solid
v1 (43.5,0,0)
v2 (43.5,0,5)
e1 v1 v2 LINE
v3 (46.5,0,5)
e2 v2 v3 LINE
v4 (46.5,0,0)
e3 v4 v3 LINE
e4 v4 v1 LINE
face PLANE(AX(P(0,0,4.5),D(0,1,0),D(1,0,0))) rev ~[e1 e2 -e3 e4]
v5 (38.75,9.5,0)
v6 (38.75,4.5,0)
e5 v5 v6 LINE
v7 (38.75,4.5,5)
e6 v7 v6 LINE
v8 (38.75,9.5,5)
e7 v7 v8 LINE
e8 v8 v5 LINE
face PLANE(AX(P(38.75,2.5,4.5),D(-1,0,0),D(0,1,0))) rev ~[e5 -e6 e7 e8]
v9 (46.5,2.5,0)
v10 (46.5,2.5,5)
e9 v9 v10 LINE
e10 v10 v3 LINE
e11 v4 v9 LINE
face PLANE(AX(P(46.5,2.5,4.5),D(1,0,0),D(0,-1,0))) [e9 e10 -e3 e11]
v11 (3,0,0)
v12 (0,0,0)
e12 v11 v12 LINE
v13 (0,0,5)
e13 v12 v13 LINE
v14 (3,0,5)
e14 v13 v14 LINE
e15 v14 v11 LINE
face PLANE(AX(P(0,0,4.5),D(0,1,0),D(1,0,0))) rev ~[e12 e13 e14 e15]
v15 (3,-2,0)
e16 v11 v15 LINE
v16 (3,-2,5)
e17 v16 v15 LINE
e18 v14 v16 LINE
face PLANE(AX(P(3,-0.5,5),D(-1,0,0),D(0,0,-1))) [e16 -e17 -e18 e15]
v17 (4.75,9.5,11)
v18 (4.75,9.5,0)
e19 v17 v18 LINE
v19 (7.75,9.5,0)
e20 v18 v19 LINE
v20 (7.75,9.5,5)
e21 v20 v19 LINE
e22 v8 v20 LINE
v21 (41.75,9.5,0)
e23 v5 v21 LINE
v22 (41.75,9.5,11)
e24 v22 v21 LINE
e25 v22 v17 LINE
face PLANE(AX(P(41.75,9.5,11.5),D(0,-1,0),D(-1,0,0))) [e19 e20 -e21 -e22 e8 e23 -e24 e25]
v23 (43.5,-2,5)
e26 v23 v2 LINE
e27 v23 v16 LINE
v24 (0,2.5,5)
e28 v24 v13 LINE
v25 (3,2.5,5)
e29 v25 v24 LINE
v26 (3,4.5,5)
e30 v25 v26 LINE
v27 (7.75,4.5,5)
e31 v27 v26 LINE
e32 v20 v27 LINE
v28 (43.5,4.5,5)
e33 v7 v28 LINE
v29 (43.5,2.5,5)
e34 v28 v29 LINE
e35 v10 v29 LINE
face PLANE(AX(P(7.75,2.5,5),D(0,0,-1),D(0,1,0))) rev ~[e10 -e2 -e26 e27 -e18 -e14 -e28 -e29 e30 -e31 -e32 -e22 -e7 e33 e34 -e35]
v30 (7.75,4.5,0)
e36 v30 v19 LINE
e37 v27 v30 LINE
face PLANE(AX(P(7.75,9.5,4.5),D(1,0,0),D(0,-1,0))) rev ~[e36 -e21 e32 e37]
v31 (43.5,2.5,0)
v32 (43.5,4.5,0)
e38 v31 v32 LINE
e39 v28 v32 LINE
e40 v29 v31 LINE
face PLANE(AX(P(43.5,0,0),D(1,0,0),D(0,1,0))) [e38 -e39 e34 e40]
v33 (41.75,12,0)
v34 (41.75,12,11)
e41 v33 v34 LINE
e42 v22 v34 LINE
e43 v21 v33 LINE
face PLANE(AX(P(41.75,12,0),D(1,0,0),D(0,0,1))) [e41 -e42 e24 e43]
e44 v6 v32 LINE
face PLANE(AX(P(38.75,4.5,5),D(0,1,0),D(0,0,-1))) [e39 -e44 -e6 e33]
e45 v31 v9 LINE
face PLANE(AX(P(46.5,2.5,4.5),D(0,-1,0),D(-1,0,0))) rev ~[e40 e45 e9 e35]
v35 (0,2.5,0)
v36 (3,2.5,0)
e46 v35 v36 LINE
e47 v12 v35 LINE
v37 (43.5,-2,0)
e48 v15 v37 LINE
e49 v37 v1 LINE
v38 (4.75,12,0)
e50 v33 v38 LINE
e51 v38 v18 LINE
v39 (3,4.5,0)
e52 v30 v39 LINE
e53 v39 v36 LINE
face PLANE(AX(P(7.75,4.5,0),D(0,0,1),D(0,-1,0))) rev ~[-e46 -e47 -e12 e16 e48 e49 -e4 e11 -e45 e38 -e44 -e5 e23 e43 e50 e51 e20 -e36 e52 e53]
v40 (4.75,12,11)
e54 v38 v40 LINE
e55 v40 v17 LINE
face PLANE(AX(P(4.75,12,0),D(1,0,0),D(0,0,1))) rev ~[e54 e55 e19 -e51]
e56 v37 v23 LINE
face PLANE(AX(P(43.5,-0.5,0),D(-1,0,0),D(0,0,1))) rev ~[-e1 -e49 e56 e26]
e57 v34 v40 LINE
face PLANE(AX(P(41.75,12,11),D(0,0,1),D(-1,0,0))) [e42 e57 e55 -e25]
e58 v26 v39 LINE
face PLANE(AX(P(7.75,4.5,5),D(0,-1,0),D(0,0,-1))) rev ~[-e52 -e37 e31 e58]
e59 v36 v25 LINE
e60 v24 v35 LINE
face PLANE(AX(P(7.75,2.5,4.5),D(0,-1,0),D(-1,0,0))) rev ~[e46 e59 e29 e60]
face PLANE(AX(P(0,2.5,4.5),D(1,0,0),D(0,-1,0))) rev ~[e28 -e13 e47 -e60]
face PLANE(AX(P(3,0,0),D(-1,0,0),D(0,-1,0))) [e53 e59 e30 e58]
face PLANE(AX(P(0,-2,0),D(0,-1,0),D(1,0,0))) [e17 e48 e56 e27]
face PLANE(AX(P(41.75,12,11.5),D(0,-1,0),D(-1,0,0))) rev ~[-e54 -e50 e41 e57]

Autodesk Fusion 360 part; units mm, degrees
sketch "Sketch1" plane through (0, 0, 0) normal (0, 0, 1) x (1, 0, 0)
  line L0 (0, 0) -> (46.5, 0)
  line L1 (46.5, 0) -> (46.5, 15)
  line L2 (46.5, 15) -> (0, 15)
  line L3 (0, 15) -> (0, 0)
  dimension "d1" = 46.5
  dimension "d2" = 15
extrude "Extrude1" add sketch "Sketch1" along normal blind 11.5
sketch "Sketch2" plane through (0, 0, 11.5) normal (0, 0, 1) x (-1, 0, 0)
  line L0 (0, -15) -> (0, 0)
  line L1 (0, 0) -> (-46.5, 0)
  line L2 (-46.5, 0) -> (-46.5, -15)
  line L3 (-46.5, -15) -> (0, -15)
  line L4 (0, -15) -> (-4.75, -15)
  line L5 (-4.75, -15) -> (-4.75, -12.5)
  line L6 (-4.75, -12.5) -> (0, -12.5)
  line L7 (0, -12.5) -> (0, -15)
  dimension "d5" = 4.75
  dimension "d6" = 2.5
extrude "Extrude2" cut sketch "Sketch2" against normal blind 11.5 contours L0 L3 L4 L5 L6 L7
sketch "Sketch4" plane through (0, 0, 11.5) normal (0, 0, 1) x (-1, 0, 0)
  line L0 (-4.75, -12.5) -> (0, -12.5)
  line L1 (0, -12.5) -> (0, 0)
  line L2 (0, 0) -> (-46.5, 0)
  line L3 (-46.5, 0) -> (-46.5, -15)
  line L4 (-46.5, -15) -> (-4.75, -15)
  line L5 (-4.75, -15) -> (-4.75, -12.5)
  line L6 (-46.5, -15) -> (-41.75, -15)
  line L7 (-41.75, -15) -> (-41.75, -12.5)
  line L8 (-41.75, -12.5) -> (-46.5, -12.5)
  line L9 (-46.5, -12.5) -> (-46.5, -15)
  dimension "d11" = 4.75
  dimension "d12" = 2.5
extrude "Extrude3" cut sketch "Sketch4" against normal blind 11.5 contours L3 L4 L6 L7 L8 L9
sketch "Sketch5" plane through (0, 0, 11.5) normal (0, 0, 1) x (-1, 0, 0)
  line L0 (-41.75, -12.5) -> (-41.75, -15)
  line L1 (-41.75, -15) -> (-4.75, -15)
  line L2 (-4.75, -15) -> (-4.75, -12.5)
  line L3 (-4.75, -12.5) -> (0, -12.5)
  line L4 (0, -12.5) -> (0, 0)
  line L5 (0, 0) -> (-46.5, 0)
  line L6 (-46.5, 0) -> (-46.5, -12.5)
  line L7 (-46.5, -12.5) -> (-41.75, -12.5)
  line L8 (0, -12.5) -> (-4.75, -12.5)
  line L9 (-4.75, -12.5) -> (-4.75, -2.5)
  line L10 (-4.75, -2.5) -> (0, -2.5)
  line L11 (0, -2.5) -> (0, -12.5)
  dimension "d15" = 10
extrude "Extrude4" cut sketch "Sketch5" against normal blind 11.5 contours L3 L4 L8 L9 L10 L11
sketch "Sketch7" plane through (0, 0, 11.5) normal (0, 0, 1) x (-1, 0, 0)
  line L0 (-4.75, -2.5) -> (0, -2.5)
  line L1 (0, -2.5) -> (0, 0)
  line L2 (0, 0) -> (-46.5, 0)
  line L3 (-46.5, 0) -> (-46.5, -12.5)
  line L4 (-46.5, -12.5) -> (-41.75, -12.5)
  line L5 (-41.75, -12.5) -> (-41.75, -15)
  line L6 (-41.75, -15) -> (-4.75, -15)
  line L7 (-4.75, -15) -> (-4.75, -2.5)
  line L8 (-41.75, -12.5) -> (-46.5, -12.5)
  line L9 (-46.5, -12.5) -> (-46.5, -2.5)
  line L10 (-46.5, -2.5) -> (-41.75, -2.5)
  line L11 (-41.75, -2.5) -> (-41.75, -12.5)
  dimension "d18" = 10
extrude "Extrude5" cut sketch "Sketch7" against normal blind 11.5 contours L3 L4 L8 L9 L10 L11
sketch "Sketch8" plane through (0, 0, 11.5) normal (0, 0, 1) x (-1, 0, 0)
  line L0 (-41.75, -2.5) -> (-41.75, -15)
  line L1 (-41.75, -15) -> (-4.75, -15)
  line L2 (-4.75, -15) -> (-4.75, -2.5)
  line L3 (-4.75, -2.5) -> (0, -2.5)
  line L4 (0, -2.5) -> (0, 0)
  line L5 (0, 0) -> (-46.5, 0)
  line L6 (-46.5, 0) -> (-46.5, -2.5)
  line L7 (-46.5, -2.5) -> (-41.75, -2.5)
  line L8 (-4.75, -2.5) -> (-7.75, -2.5)
  line L9 (-7.75, -2.5) -> (-7.75, -12.5)
  line L10 (-7.75, -12.5) -> (-4.75, -12.5)
  line L11 (-4.75, -12.5) -> (-4.75, -2.5)
  dimension "d21" = 3
  dimension "d22" = 10
extrude "Extrude6" cut sketch "Sketch8" against normal blind 11.5 contours L2 L8 L9 L10 L11
sketch "Sketch9" plane through (0, 0, 11.5) normal (0, 0, 1) x (-1, 0, 0)
  line L0 (-4.75, -12.5) -> (-7.75, -12.5)
  line L1 (-7.75, -12.5) -> (-7.75, -2.5)
  line L2 (-7.75, -2.5) -> (0, -2.5)
  line L3 (0, -2.5) -> (0, 0)
  line L4 (0, 0) -> (-46.5, 0)
  line L5 (-46.5, 0) -> (-46.5, -2.5)
  line L6 (-46.5, -2.5) -> (-41.75, -2.5)
  line L7 (-41.75, -2.5) -> (-41.75, -15)
  line L8 (-41.75, -15) -> (-4.75, -15)
  line L9 (-4.75, -15) -> (-4.75, -12.5)
  line L10 (-41.75, -2.5) -> (-38.75, -2.5)
  line L11 (-38.75, -2.5) -> (-38.75, -12.5)
  line L12 (-38.75, -12.5) -> (-41.75, -12.5)
  line L13 (-41.75, -12.5) -> (-41.75, -2.5)
  dimension "d25" = 3
  dimension "d26" = 10
extrude "Extrude7" cut sketch "Sketch9" against normal blind 11.5 contours L7 L10 L11 L12 L13
sketch "Sketch10" plane through (0, 0, 11.5) normal (0, 0, 1) x (-1, 0, 0)
  line L0 (-46.5, -2.5) -> (-38.75, -2.5)
  line L1 (-38.75, -2.5) -> (-38.75, -12.5)
  line L2 (-38.75, -12.5) -> (-41.75, -12.5)
  line L3 (-41.75, -12.5) -> (-41.75, -15)
  line L4 (-41.75, -15) -> (-4.75, -15)
  line L5 (-4.75, -15) -> (-4.75, -12.5)
  line L6 (-4.75, -12.5) -> (-7.75, -12.5)
  line L7 (-7.75, -12.5) -> (-7.75, -2.5)
  line L8 (-7.75, -2.5) -> (0, -2.5)
  line L9 (0, -2.5) -> (0, 0)
  line L10 (0, 0) -> (-46.5, 0)
  line L11 (-46.5, 0) -> (-46.5, -2.5)
  line L12 (0, 0) -> (-46.5, 0)
  line L13 (-46.5, 0) -> (-46.5, -12.5)
  line L14 (-46.5, -12.5) -> (0, -12.5)
  line L15 (0, -12.5) -> (0, 0)
  dimension "d29" = 46.5
extrude "Extrude8" cut sketch "Sketch10" against normal blind 3.5 contours L0 L1 L7 L8 L9 L10 L11 L12 L13 L14 L15
sketch "Sketch11" plane through (0, 0, 0) normal (0, 0, -1) x (1, 0, 0)
  line L0 (38.75, -2.5) -> (46.5, -2.5)
  line L1 (46.5, -2.5) -> (46.5, 0)
  line L2 (46.5, 0) -> (0, 0)
  line L3 (0, 0) -> (0, -2.5)
  line L4 (0, -2.5) -> (7.75, -2.5)
  line L5 (7.75, -2.5) -> (7.75, -12.5)
  line L6 (7.75, -12.5) -> (4.75, -12.5)
  line L7 (4.75, -12.5) -> (4.75, -15)
  line L8 (4.75, -15) -> (41.75, -15)
  line L9 (41.75, -15) -> (41.75, -12.5)
  line L10 (41.75, -12.5) -> (38.75, -12.5)
  line L11 (38.75, -12.5) -> (38.75, -2.5)
  line L12 (0, 0) -> (46.5, 0)
  line L13 (46.5, 0) -> (46.5, -12.5)
  line L14 (46.5, -12.5) -> (0, -12.5)
  line L15 (0, -12.5) -> (0, 0)
  dimension "d32" = 46.5
  dimension "d33" = 12.5
extrude "Extrude9" cut sketch "Sketch11" against normal blind 3.5 contours L0 L1 L2 L3 L4 L5 L11 L12 L13 L14 L15
extrude "Extrude10" add 1 faces at (18.0833, 9.1667, 3.5) along direction (0, 0, -1) blind 3.5
extrude "Extrude11" cut 1 faces at (28.4167, 5.8333, 8) along direction (0, 0, -1) blind 3.5
extrude "Extrude12" add 1 faces at (18.0833, 12.5, 9.1667) along direction (0, -1, 0) blind 3
extrude "Extrude13" cut 1 faces at (29.4167, 15, 3.8333) along direction (0, -1, 0) blind 3
extrude "Extrude14" add 1 faces at (29.4167, 10.3333, 11.5) along direction (0, 0, 1) blind 1
extrude "Extrude15" add 1 faces at (17.0833, 12, 8.3333) along direction (0, 1, 0) blind 0.5
extrude "Extrude16" cut 1 faces at (17.0833, 11.5, 12.5) along direction (0, 0, -1) blind 0.5
extrude "Extrude17" add 1 faces at (31, 0, 3) along direction (0, -1, 0) blind 1
extrude "Extrude18" cut 1 faces at (31, -1, 3) along direction (0, 1, 0) blind 0.5
extrude "Extrude19" add 1 faces at (18.0833, 7.1667, 4.5) along direction (0, 0, 1) blind 0.5
sketch "Sketch12" plane through (38.75, 0, 0) normal (1, 0, 0) x (0, 1, 0)
  line L0 (9.5, 0) -> (9.5, 5)
  line L1 (9.5, 5) -> (2.5, 5)
  line L2 (2.5, 5) -> (2.5, 0)
  line L3 (2.5, 0) -> (9.5, 0)
  line L4 (2.5, 5) -> (4.5, 5)
  line L5 (4.5, 5) -> (4.5, 0)
  line L6 (4.5, 0) -> (2.5, 0)
  line L7 (2.5, 0) -> (2.5, 5)
  dimension "d56" = 2
extrude "Extrude20" add sketch "Sketch12" along normal blind 4.75 contours L1 L2 L3 L4 L5 L6 L7
sketch "Sketch13" plane through (7.75, 0, 0) normal (-1, 0, 0) x (0, -1, 0)
  line L0 (-9.5, 5) -> (-9.5, 0)
  line L1 (-9.5, 0) -> (-2.5, 0)
  line L2 (-2.5, 0) -> (-2.5, 5)
  line L3 (-2.5, 5) -> (-9.5, 5)
  line L4 (-2.5, 5) -> (-4.5, 5)
  line L5 (-4.5, 5) -> (-4.5, 0)
  line L6 (-4.5, 0) -> (-2.5, 0)
  line L7 (-2.5, 0) -> (-2.5, 5)
  dimension "d59" = 2
extrude "Extrude21" add sketch "Sketch13" along normal blind 4.75 contours L1 L2 L3 L4 L5 L6 L7
sketch "Sketch14" plane through (0, -0.5, 0) normal (0, -1, 0) x (1, 0, 0)
  line L0 (0, 5) -> (0, 0)
  line L1 (0, 0) -> (46.5, 0)
  line L2 (46.5, 0) -> (46.5, 5)
  line L3 (46.5, 5) -> (0, 5)
  line L4 (3, 0) -> (43.5, 0)
  line L5 (43.5, 0) -> (43.5, 5)
  line L6 (43.5, 5) -> (3, 5)
  line L7 (3, 5) -> (3, 0)
  dimension "d62" = 40.5
  dimension "d63" = 3
extrude "Extrude22" add sketch "Sketch14" along normal blind 2 contours L1 L3 L4 L5 L6 L7
extrude "Extrude23" cut 1 faces at (17.0833, 11.5, 12) along direction (0, 0, -1) blind 1
extrude "Extrude24" cut 1 faces at (29.4167, 12.5, 7.3333) along direction (0, -1, 0) blind 0.5
extrude "Extrude25" cut 1 faces at (45.5, -0.5, 3.3333) along direction (0, 1, 0) blind 0.5
extrude "Extrude26" cut 1 faces at (16.5, -2.5, 3.3333) along direction (0, 1, 0) blind 0.5
extrude "Extrude27" cut 1 faces at (1, -0.5, 3.3333) along direction (0, 1, 0) blind 0.5
